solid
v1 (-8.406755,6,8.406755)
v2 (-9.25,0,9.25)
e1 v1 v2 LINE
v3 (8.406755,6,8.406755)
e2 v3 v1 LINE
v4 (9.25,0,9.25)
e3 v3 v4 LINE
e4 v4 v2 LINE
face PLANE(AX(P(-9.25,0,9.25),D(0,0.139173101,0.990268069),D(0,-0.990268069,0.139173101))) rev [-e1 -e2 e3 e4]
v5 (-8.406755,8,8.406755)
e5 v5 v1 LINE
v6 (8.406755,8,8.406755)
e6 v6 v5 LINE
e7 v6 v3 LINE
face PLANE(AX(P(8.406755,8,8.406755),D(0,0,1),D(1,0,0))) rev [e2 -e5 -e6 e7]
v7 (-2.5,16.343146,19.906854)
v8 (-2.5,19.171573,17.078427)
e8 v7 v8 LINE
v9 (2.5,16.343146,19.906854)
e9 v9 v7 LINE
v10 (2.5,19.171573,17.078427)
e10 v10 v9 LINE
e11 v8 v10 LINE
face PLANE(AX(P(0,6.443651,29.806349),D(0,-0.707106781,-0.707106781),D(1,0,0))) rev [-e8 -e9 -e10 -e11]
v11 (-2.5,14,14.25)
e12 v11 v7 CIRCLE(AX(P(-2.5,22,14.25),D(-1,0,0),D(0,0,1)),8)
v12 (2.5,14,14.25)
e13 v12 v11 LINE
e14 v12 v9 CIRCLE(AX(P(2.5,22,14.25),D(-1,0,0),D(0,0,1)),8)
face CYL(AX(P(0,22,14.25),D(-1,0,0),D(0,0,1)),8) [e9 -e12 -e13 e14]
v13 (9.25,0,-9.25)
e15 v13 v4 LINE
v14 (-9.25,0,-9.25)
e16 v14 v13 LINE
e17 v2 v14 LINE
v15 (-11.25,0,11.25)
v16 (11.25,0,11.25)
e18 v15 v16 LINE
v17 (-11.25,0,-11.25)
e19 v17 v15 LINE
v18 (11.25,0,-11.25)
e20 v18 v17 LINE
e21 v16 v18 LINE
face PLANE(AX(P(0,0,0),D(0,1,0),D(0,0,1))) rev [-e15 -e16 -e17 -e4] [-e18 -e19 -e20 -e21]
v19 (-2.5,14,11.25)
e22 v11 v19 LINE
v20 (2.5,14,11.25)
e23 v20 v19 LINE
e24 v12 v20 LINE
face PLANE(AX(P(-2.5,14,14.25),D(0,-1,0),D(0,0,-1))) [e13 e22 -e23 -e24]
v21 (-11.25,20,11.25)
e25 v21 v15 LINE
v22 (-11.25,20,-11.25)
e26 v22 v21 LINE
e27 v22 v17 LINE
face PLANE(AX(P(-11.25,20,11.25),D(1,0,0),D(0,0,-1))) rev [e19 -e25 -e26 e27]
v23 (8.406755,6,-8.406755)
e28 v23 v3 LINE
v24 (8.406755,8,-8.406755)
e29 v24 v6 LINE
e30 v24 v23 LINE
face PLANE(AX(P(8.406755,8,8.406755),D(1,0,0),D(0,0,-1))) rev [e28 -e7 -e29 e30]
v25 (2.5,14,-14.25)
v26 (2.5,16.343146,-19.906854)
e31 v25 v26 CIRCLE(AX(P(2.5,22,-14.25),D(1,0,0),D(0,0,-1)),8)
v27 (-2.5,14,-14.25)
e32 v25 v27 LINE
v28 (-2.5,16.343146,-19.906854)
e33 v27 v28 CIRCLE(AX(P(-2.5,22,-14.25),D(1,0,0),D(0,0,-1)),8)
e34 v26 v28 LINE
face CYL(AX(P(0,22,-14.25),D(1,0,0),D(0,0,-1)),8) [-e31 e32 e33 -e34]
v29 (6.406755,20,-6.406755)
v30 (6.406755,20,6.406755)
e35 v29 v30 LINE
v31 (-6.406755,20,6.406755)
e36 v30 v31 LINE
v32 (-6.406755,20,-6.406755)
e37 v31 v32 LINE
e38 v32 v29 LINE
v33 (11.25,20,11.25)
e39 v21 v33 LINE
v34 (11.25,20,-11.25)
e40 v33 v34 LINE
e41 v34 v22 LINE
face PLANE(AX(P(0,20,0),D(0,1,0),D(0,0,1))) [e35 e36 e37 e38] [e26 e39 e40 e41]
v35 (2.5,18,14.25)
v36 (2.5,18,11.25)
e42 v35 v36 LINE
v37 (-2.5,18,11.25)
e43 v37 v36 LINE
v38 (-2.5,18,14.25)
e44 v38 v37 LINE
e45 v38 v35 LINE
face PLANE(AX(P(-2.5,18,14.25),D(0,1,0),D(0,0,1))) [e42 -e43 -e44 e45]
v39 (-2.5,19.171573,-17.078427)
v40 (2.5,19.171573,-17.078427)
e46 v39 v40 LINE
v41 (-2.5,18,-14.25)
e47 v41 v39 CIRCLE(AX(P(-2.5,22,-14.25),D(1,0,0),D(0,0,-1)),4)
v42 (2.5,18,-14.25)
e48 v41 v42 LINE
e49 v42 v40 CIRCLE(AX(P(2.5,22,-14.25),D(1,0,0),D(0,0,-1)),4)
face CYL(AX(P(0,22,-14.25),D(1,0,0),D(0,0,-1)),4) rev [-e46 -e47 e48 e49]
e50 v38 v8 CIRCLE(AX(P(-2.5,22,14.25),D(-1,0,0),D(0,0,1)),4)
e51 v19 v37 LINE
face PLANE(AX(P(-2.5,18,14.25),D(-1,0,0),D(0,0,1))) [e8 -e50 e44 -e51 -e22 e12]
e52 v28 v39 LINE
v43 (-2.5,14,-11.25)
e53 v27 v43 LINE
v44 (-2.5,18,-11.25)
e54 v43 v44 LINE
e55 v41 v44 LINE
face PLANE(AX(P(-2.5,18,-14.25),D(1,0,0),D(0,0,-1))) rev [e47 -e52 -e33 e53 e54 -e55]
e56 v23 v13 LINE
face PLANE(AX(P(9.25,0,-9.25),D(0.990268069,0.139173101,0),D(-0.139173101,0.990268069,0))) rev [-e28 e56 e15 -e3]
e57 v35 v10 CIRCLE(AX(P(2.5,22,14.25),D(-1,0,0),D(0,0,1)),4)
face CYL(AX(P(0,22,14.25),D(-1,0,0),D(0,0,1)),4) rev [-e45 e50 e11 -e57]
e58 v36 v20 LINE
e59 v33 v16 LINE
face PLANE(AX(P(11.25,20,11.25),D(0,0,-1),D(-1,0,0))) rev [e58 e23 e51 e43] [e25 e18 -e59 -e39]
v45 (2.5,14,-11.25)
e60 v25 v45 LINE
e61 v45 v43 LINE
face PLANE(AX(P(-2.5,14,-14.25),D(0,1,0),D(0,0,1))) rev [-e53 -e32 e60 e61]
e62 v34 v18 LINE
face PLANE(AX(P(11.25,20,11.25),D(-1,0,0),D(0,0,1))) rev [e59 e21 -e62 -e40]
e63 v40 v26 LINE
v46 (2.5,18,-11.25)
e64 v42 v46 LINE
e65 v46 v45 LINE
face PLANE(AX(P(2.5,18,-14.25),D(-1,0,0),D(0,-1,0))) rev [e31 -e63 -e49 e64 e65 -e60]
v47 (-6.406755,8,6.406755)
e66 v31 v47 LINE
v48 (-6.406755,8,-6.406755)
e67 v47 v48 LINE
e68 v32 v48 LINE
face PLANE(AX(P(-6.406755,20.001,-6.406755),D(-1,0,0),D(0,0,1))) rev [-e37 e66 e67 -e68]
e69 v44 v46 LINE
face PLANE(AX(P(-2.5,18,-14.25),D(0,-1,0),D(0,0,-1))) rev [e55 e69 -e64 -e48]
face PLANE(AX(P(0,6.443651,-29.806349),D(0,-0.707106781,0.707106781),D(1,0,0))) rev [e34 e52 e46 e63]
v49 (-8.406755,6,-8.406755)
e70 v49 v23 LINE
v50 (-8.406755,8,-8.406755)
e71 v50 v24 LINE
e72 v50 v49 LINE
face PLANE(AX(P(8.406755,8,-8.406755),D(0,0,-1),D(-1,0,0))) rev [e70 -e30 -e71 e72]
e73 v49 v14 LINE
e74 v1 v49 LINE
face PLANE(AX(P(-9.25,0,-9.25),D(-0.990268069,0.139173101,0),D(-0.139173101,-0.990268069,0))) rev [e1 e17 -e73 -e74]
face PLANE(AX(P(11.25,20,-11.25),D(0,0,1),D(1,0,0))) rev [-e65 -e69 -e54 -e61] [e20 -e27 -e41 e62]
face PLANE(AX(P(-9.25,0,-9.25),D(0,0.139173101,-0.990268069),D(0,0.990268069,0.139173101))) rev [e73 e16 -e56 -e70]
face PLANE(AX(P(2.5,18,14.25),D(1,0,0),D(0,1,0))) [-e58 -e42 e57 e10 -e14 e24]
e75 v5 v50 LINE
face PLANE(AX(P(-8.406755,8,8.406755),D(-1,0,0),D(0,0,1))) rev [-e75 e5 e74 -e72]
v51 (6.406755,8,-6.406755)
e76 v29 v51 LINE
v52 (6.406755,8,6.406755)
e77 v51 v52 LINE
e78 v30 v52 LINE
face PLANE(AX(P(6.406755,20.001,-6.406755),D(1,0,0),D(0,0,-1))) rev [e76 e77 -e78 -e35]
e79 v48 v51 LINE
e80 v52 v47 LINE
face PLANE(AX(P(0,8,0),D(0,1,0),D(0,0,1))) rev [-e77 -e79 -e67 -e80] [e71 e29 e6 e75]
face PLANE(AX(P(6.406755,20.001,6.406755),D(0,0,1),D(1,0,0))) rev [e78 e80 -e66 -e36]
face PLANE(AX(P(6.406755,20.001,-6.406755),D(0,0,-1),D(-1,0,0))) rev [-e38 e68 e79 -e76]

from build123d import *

# Parameters (mm, degrees)
SKETCH1_W           = 22.5
SKETCH1_H           = 22.5
BOSS_EXTRUDE1_DEPTH = 20
SKETCH5_W           = 5
SKETCH5_H           = 4
SKETCH3_W           = 18.5
SKETCH3_H           = 18.5
CUT_EXTRUDE5_DEPTH  = 6
CUT_EXTRUDE5_TAPER  = 8
SKETCH14_W          = 16.813509984
SKETCH14_H          = 16.813509984
CUT_EXTRUDE6_DEPTH  = 2
CUT_EXTRUDE7_REACH  = 14
SKETCH15_W          = 12.813509984
SKETCH15_H          = 12.813509984


with BuildPart() as part:
    # Sketch1 → Boss-Extrude1 (new body)
    with BuildSketch(Plane(origin=(0, 0, 0), x_dir=(1, 0, 0), z_dir=(0, 1, 0))):
        Rectangle(SKETCH1_W, SKETCH1_H)
    extrude(amount=BOSS_EXTRUDE1_DEPTH)

    # Sweep1: sweep along a path in Sketch6
    with BuildLine(Plane(origin=(0, 0, 0), x_dir=(0, 0, -1), z_dir=(1, 0, 0))) as sweep1_path:
        Line((11.25, 16), (14.25, 16))
        ThreePointArc((14.25, 16), (16.546100594, 16.456722805), (18.492640687, 17.757359313))
    # Sketch5 → Sweep1 (sweep)
    with BuildSketch(Plane(origin=(0, 0, -11.25), x_dir=(-1, 0, 0), z_dir=(0, 0, -1))):
        with Locations((0, 16)):
            Rectangle(SKETCH5_W, SKETCH5_H)
    sweep1 = sweep(path=sweep1_path.line)

    # Mirror1: Sweep1 across plane
    add(sweep1.mirror(Plane.XY))

    # Sketch3 → Cut-Extrude5 (cut)
    with BuildSketch(Plane.XZ):
        Rectangle(SKETCH3_W, SKETCH3_H)
    extrude(amount=-CUT_EXTRUDE5_DEPTH, taper=CUT_EXTRUDE5_TAPER, mode=Mode.SUBTRACT)

    # Sketch14 → Cut-Extrude6 (cut)
    with BuildSketch(Plane.XZ.offset(-6)):
        Rectangle(SKETCH14_W, SKETCH14_H)
    extrude(amount=-CUT_EXTRUDE6_DEPTH, mode=Mode.SUBTRACT)

    # Sketch15 → Cut-Extrude7 (cut, up to next)
    with BuildSketch(Plane.XZ.offset(-8), mode=Mode.PRIVATE) as cut_extrude7_sk1:
        Rectangle(SKETCH15_W, SKETCH15_H)
    cut_extrude7_tool1 = extrude(cut_extrude7_sk1.sketch, amount=-CUT_EXTRUDE7_REACH, mode=Mode.PRIVATE) & part.part
    add(cut_extrude7_tool1.solids().sort_by_distance((0, 8, 0))[0], mode=Mode.SUBTRACT)


solid = part.part
